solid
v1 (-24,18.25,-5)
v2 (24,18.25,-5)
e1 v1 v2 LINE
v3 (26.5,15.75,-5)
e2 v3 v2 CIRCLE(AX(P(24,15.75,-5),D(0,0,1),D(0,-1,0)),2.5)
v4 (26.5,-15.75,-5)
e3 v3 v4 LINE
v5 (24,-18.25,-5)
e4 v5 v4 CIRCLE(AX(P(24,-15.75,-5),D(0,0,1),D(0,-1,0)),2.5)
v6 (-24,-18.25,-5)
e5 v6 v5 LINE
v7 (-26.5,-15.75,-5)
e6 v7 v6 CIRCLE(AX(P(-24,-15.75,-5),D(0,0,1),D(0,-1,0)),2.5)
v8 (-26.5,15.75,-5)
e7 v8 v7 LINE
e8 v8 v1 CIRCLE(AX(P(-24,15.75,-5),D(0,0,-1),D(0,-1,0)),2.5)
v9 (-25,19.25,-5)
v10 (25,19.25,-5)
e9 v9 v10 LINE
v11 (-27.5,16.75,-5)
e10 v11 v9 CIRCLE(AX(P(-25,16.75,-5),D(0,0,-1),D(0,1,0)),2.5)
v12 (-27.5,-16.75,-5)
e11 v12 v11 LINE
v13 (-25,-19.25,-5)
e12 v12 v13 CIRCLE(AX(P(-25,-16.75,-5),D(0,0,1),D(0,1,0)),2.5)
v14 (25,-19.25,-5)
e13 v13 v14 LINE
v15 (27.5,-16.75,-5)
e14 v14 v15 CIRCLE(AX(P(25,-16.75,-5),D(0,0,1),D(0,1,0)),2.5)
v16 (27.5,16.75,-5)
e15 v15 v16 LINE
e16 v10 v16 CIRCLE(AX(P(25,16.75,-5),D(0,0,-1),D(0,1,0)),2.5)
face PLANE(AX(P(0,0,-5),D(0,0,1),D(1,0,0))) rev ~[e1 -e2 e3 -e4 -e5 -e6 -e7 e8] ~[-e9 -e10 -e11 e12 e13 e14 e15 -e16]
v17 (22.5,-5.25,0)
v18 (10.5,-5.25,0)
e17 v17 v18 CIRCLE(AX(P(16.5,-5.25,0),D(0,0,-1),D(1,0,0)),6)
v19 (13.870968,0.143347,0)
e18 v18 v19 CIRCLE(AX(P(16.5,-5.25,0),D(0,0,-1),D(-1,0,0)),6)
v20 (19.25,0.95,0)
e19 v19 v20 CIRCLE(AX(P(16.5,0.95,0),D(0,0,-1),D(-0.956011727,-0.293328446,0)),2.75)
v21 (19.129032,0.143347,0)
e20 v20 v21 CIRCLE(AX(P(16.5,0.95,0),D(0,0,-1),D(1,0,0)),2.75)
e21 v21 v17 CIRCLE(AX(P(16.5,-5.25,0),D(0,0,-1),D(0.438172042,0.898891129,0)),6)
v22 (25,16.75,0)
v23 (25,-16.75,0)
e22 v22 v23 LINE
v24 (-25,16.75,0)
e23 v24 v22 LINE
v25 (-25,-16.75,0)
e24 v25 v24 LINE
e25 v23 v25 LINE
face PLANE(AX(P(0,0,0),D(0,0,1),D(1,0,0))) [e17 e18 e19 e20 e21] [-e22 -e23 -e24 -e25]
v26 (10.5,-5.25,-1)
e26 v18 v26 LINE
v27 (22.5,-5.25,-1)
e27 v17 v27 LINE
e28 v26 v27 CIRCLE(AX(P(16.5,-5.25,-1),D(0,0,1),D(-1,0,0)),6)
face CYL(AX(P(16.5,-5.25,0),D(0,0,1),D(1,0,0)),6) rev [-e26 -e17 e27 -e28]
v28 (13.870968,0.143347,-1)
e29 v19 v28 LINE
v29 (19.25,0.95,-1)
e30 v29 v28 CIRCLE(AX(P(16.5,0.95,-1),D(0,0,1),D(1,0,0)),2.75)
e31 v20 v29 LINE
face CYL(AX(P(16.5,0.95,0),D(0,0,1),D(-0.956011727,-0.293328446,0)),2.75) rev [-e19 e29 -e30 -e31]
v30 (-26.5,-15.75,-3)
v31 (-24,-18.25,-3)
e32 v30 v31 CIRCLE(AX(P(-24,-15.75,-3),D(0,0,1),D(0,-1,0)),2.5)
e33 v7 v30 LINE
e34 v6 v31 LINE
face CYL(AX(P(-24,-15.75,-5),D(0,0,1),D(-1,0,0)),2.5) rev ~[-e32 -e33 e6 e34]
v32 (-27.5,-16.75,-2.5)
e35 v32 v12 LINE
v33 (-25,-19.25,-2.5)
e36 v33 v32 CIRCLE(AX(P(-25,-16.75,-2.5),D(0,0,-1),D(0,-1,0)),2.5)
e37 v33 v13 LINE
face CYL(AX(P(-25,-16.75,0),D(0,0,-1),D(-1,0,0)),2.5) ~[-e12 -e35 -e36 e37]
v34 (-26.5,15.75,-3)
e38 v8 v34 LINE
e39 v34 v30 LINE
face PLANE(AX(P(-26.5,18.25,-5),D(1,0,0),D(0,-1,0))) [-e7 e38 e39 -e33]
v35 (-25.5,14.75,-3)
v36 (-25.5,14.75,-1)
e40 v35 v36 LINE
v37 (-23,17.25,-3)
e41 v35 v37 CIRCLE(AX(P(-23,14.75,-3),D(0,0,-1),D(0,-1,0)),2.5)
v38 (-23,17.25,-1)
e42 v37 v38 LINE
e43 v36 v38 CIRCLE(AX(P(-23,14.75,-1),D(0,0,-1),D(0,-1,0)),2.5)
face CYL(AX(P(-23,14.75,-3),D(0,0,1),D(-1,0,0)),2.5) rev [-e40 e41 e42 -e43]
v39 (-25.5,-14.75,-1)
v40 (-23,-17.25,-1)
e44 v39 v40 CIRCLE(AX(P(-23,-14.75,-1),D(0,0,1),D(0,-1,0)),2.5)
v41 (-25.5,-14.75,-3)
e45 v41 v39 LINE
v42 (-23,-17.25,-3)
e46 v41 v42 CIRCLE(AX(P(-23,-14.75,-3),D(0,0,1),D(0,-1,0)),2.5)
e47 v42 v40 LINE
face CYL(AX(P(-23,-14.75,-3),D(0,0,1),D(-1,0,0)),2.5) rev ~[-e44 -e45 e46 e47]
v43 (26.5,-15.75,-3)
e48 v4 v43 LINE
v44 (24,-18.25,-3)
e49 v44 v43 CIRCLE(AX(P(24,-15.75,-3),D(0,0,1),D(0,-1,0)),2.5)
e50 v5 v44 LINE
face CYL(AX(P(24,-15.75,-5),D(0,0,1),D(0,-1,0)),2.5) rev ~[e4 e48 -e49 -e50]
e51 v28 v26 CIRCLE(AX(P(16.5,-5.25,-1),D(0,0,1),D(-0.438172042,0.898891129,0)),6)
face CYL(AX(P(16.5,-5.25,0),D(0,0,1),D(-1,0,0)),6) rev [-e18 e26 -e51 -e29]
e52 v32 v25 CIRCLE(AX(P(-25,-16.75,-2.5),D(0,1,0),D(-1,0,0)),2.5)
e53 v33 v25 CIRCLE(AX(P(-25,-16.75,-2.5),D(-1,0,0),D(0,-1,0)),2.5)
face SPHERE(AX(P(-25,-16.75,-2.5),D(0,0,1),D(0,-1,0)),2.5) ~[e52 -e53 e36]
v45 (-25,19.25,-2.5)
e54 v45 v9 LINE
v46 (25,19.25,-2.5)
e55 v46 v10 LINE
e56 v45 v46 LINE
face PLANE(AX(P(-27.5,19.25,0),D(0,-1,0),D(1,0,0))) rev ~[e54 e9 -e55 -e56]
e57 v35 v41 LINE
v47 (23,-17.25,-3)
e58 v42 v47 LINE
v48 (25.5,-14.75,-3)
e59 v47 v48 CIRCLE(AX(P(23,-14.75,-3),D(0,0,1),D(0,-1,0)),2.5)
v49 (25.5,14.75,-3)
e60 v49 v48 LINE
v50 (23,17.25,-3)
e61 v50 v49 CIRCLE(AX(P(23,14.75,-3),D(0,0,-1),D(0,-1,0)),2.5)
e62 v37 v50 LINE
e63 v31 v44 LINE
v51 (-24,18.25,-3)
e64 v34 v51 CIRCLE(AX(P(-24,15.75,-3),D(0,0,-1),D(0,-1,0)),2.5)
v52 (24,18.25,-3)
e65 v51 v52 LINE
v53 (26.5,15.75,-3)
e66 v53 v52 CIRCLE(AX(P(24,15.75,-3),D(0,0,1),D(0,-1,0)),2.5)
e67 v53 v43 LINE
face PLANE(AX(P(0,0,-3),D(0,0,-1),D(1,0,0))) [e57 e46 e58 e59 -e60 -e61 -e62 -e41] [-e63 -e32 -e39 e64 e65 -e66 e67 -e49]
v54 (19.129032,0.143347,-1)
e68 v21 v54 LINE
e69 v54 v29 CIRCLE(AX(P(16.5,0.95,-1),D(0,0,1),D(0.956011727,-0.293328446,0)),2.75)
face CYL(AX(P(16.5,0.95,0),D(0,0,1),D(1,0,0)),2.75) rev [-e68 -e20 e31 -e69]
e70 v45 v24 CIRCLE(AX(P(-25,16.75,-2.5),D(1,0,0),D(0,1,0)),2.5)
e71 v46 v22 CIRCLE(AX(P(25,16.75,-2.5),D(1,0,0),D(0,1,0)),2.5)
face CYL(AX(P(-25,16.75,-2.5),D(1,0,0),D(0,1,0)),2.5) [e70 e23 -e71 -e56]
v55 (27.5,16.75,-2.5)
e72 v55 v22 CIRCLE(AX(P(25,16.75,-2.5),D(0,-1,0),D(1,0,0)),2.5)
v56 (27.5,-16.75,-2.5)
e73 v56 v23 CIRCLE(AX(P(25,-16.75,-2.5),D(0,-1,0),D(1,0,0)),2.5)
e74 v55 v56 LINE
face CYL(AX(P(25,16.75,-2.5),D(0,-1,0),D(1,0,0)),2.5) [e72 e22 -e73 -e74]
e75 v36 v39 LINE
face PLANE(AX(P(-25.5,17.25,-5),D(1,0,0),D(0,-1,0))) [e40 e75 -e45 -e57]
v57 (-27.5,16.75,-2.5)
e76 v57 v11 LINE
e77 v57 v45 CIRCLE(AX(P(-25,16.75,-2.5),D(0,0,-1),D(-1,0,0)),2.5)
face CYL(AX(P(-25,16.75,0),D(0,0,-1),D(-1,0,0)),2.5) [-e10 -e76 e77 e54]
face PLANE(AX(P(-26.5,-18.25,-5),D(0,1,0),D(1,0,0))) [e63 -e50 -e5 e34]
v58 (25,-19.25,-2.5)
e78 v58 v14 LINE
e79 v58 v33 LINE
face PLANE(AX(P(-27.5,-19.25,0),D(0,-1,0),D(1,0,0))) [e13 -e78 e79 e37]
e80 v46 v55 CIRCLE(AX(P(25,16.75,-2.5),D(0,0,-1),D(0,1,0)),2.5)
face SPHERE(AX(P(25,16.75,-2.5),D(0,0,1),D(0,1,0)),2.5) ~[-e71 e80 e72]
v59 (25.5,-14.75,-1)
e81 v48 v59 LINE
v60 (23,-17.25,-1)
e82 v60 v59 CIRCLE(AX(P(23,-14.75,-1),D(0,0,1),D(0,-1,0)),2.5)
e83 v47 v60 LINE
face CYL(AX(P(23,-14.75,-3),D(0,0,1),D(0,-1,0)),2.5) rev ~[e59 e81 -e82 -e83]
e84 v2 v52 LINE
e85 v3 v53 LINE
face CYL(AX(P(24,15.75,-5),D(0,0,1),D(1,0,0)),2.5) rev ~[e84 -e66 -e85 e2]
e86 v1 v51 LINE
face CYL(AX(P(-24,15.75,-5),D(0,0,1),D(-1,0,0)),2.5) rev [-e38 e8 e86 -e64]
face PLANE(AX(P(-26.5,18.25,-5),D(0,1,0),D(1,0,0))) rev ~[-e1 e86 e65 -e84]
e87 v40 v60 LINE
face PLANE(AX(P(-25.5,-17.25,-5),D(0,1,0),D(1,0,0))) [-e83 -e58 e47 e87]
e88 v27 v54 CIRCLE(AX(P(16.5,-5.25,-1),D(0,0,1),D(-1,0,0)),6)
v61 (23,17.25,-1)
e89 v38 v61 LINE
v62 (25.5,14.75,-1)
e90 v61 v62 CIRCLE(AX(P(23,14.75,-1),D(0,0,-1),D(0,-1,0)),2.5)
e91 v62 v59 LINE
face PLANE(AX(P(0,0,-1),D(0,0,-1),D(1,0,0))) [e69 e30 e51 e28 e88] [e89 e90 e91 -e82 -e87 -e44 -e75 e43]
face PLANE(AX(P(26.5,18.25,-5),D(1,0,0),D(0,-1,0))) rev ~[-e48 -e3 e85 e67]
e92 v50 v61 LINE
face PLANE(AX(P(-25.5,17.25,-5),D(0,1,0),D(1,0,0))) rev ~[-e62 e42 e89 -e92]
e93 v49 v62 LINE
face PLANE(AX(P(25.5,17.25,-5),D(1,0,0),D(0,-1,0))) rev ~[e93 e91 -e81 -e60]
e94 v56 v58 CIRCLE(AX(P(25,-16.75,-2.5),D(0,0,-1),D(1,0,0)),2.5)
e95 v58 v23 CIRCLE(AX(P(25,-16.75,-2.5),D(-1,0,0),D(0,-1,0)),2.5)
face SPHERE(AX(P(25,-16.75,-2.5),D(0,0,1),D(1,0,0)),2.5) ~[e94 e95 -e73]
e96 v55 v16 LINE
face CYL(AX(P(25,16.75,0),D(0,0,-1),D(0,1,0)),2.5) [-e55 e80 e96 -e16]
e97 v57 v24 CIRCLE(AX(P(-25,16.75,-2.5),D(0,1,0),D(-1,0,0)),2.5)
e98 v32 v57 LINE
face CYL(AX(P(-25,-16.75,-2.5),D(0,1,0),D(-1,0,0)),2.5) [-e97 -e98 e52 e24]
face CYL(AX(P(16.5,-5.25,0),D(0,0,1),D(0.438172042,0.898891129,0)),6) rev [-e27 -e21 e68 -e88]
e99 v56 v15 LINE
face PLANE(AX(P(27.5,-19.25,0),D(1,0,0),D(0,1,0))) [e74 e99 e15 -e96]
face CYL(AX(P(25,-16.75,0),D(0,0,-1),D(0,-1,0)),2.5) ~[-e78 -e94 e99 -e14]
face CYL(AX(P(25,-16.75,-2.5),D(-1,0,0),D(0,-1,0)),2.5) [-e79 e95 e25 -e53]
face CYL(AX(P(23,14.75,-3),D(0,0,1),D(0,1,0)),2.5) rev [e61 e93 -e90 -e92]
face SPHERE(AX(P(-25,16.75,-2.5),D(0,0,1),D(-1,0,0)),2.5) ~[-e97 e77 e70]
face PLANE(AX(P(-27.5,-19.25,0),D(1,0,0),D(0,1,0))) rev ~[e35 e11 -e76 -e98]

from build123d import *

# Parameters (mm, degrees)
F0_W     = 55
F0_H     = 38.5
F1_DEPTH = 5
F2_W     = 51
F2_H     = 34.5
F3_DEPTH = 4
F2_W_2   = 53
F2_H_2   = 36.5
F4_DEPTH = 2
F5_R     = 2.5
F6_R     = 2.5


with BuildPart() as f1:
    # F0 (on Top) → F1 (new body)
    with BuildSketch(Plane.XY):
        Rectangle(F0_W, F0_H)
        with BuildLine():
            ThreePointArc((22.5, -5.25), (16.5, -11.25), (10.5, -5.25))
            ThreePointArc((10.5, -5.25), (11.4120636058, -2.0699208738), (13.8709677497, 0.1433467742))
            ThreePointArc((13.8709677497, 0.1433467742), (16.0921634448, 3.6695899221), (19.25, 0.95))
            ThreePointArc((19.25, 0.95), (19.2195899221, 0.5421634448), (19.1290322503, 0.1433467742))
            ThreePointArc((19.1290322503, 0.1433467742), (21.5879363942, -2.0699208738), (22.5, -5.25))
        make_face(mode=Mode.SUBTRACT)
    extrude(amount=-F1_DEPTH)

    # F2 (on face) → F3 (cut)
    with BuildSketch(Plane(origin=(0, 0, -5), x_dir=(1, 0, 0), z_dir=(0, 0, -1))):
        Rectangle(F2_W, F2_H)
        with BuildLine():
            ThreePointArc((13.8709677497, -0.1433467742), (11.4120636058, 2.0699208738), (10.5, 5.25))
            ThreePointArc((10.5, 5.25), (19.6800791262, 10.3379363942), (19.1290322503, -0.1433467742))
            ThreePointArc((19.1290322503, -0.1433467742), (19.2195899221, -0.5421634448), (19.25, -0.95))
            ThreePointArc((19.25, -0.95), (16.0921634448, -3.6695899221), (13.8709677497, -0.1433467742))
        make_face(mode=Mode.SUBTRACT)
    extrude(amount=-F3_DEPTH, mode=Mode.SUBTRACT)

    # F2 (on face) → F4 (cut)
    with BuildSketch(Plane(origin=(0, 0, -5), x_dir=(1, 0, 0), z_dir=(0, 0, -1))):
        Rectangle(F2_W_2, F2_H_2)
        Rectangle(F2_W, F2_H, mode=Mode.SUBTRACT)
    extrude(amount=-F4_DEPTH, mode=Mode.SUBTRACT)

    # F5
    f5_edges = [f1.edges().sort_by_distance(p)[0] for p in [
        (-27.5, 19.25, -2.5),
        (-26.5, 18.25, -4),
        (-25.5, 17.25, -2),
        (-27.5, -19.25, -2.5),
        (-26.5, -18.25, -4),
        (-25.5, -17.25, -2),
        (27.5, -19.25, -2.5),
        (27.5, 19.25, -2.5),
        (26.5, -18.25, -4),
        (25.5, -17.25, -2),
        (26.5, 18.25, -4),
        (25.5, 17.25, -2),
    ]]
    fillet(f5_edges, radius=F5_R)

    # F6
    f6_edges = [f1.edges().sort_by_distance(p)[0] for p in [
        (-27.5, 0, 0),
    ]]
    fillet(f6_edges, radius=F6_R)


solid = f1.part
